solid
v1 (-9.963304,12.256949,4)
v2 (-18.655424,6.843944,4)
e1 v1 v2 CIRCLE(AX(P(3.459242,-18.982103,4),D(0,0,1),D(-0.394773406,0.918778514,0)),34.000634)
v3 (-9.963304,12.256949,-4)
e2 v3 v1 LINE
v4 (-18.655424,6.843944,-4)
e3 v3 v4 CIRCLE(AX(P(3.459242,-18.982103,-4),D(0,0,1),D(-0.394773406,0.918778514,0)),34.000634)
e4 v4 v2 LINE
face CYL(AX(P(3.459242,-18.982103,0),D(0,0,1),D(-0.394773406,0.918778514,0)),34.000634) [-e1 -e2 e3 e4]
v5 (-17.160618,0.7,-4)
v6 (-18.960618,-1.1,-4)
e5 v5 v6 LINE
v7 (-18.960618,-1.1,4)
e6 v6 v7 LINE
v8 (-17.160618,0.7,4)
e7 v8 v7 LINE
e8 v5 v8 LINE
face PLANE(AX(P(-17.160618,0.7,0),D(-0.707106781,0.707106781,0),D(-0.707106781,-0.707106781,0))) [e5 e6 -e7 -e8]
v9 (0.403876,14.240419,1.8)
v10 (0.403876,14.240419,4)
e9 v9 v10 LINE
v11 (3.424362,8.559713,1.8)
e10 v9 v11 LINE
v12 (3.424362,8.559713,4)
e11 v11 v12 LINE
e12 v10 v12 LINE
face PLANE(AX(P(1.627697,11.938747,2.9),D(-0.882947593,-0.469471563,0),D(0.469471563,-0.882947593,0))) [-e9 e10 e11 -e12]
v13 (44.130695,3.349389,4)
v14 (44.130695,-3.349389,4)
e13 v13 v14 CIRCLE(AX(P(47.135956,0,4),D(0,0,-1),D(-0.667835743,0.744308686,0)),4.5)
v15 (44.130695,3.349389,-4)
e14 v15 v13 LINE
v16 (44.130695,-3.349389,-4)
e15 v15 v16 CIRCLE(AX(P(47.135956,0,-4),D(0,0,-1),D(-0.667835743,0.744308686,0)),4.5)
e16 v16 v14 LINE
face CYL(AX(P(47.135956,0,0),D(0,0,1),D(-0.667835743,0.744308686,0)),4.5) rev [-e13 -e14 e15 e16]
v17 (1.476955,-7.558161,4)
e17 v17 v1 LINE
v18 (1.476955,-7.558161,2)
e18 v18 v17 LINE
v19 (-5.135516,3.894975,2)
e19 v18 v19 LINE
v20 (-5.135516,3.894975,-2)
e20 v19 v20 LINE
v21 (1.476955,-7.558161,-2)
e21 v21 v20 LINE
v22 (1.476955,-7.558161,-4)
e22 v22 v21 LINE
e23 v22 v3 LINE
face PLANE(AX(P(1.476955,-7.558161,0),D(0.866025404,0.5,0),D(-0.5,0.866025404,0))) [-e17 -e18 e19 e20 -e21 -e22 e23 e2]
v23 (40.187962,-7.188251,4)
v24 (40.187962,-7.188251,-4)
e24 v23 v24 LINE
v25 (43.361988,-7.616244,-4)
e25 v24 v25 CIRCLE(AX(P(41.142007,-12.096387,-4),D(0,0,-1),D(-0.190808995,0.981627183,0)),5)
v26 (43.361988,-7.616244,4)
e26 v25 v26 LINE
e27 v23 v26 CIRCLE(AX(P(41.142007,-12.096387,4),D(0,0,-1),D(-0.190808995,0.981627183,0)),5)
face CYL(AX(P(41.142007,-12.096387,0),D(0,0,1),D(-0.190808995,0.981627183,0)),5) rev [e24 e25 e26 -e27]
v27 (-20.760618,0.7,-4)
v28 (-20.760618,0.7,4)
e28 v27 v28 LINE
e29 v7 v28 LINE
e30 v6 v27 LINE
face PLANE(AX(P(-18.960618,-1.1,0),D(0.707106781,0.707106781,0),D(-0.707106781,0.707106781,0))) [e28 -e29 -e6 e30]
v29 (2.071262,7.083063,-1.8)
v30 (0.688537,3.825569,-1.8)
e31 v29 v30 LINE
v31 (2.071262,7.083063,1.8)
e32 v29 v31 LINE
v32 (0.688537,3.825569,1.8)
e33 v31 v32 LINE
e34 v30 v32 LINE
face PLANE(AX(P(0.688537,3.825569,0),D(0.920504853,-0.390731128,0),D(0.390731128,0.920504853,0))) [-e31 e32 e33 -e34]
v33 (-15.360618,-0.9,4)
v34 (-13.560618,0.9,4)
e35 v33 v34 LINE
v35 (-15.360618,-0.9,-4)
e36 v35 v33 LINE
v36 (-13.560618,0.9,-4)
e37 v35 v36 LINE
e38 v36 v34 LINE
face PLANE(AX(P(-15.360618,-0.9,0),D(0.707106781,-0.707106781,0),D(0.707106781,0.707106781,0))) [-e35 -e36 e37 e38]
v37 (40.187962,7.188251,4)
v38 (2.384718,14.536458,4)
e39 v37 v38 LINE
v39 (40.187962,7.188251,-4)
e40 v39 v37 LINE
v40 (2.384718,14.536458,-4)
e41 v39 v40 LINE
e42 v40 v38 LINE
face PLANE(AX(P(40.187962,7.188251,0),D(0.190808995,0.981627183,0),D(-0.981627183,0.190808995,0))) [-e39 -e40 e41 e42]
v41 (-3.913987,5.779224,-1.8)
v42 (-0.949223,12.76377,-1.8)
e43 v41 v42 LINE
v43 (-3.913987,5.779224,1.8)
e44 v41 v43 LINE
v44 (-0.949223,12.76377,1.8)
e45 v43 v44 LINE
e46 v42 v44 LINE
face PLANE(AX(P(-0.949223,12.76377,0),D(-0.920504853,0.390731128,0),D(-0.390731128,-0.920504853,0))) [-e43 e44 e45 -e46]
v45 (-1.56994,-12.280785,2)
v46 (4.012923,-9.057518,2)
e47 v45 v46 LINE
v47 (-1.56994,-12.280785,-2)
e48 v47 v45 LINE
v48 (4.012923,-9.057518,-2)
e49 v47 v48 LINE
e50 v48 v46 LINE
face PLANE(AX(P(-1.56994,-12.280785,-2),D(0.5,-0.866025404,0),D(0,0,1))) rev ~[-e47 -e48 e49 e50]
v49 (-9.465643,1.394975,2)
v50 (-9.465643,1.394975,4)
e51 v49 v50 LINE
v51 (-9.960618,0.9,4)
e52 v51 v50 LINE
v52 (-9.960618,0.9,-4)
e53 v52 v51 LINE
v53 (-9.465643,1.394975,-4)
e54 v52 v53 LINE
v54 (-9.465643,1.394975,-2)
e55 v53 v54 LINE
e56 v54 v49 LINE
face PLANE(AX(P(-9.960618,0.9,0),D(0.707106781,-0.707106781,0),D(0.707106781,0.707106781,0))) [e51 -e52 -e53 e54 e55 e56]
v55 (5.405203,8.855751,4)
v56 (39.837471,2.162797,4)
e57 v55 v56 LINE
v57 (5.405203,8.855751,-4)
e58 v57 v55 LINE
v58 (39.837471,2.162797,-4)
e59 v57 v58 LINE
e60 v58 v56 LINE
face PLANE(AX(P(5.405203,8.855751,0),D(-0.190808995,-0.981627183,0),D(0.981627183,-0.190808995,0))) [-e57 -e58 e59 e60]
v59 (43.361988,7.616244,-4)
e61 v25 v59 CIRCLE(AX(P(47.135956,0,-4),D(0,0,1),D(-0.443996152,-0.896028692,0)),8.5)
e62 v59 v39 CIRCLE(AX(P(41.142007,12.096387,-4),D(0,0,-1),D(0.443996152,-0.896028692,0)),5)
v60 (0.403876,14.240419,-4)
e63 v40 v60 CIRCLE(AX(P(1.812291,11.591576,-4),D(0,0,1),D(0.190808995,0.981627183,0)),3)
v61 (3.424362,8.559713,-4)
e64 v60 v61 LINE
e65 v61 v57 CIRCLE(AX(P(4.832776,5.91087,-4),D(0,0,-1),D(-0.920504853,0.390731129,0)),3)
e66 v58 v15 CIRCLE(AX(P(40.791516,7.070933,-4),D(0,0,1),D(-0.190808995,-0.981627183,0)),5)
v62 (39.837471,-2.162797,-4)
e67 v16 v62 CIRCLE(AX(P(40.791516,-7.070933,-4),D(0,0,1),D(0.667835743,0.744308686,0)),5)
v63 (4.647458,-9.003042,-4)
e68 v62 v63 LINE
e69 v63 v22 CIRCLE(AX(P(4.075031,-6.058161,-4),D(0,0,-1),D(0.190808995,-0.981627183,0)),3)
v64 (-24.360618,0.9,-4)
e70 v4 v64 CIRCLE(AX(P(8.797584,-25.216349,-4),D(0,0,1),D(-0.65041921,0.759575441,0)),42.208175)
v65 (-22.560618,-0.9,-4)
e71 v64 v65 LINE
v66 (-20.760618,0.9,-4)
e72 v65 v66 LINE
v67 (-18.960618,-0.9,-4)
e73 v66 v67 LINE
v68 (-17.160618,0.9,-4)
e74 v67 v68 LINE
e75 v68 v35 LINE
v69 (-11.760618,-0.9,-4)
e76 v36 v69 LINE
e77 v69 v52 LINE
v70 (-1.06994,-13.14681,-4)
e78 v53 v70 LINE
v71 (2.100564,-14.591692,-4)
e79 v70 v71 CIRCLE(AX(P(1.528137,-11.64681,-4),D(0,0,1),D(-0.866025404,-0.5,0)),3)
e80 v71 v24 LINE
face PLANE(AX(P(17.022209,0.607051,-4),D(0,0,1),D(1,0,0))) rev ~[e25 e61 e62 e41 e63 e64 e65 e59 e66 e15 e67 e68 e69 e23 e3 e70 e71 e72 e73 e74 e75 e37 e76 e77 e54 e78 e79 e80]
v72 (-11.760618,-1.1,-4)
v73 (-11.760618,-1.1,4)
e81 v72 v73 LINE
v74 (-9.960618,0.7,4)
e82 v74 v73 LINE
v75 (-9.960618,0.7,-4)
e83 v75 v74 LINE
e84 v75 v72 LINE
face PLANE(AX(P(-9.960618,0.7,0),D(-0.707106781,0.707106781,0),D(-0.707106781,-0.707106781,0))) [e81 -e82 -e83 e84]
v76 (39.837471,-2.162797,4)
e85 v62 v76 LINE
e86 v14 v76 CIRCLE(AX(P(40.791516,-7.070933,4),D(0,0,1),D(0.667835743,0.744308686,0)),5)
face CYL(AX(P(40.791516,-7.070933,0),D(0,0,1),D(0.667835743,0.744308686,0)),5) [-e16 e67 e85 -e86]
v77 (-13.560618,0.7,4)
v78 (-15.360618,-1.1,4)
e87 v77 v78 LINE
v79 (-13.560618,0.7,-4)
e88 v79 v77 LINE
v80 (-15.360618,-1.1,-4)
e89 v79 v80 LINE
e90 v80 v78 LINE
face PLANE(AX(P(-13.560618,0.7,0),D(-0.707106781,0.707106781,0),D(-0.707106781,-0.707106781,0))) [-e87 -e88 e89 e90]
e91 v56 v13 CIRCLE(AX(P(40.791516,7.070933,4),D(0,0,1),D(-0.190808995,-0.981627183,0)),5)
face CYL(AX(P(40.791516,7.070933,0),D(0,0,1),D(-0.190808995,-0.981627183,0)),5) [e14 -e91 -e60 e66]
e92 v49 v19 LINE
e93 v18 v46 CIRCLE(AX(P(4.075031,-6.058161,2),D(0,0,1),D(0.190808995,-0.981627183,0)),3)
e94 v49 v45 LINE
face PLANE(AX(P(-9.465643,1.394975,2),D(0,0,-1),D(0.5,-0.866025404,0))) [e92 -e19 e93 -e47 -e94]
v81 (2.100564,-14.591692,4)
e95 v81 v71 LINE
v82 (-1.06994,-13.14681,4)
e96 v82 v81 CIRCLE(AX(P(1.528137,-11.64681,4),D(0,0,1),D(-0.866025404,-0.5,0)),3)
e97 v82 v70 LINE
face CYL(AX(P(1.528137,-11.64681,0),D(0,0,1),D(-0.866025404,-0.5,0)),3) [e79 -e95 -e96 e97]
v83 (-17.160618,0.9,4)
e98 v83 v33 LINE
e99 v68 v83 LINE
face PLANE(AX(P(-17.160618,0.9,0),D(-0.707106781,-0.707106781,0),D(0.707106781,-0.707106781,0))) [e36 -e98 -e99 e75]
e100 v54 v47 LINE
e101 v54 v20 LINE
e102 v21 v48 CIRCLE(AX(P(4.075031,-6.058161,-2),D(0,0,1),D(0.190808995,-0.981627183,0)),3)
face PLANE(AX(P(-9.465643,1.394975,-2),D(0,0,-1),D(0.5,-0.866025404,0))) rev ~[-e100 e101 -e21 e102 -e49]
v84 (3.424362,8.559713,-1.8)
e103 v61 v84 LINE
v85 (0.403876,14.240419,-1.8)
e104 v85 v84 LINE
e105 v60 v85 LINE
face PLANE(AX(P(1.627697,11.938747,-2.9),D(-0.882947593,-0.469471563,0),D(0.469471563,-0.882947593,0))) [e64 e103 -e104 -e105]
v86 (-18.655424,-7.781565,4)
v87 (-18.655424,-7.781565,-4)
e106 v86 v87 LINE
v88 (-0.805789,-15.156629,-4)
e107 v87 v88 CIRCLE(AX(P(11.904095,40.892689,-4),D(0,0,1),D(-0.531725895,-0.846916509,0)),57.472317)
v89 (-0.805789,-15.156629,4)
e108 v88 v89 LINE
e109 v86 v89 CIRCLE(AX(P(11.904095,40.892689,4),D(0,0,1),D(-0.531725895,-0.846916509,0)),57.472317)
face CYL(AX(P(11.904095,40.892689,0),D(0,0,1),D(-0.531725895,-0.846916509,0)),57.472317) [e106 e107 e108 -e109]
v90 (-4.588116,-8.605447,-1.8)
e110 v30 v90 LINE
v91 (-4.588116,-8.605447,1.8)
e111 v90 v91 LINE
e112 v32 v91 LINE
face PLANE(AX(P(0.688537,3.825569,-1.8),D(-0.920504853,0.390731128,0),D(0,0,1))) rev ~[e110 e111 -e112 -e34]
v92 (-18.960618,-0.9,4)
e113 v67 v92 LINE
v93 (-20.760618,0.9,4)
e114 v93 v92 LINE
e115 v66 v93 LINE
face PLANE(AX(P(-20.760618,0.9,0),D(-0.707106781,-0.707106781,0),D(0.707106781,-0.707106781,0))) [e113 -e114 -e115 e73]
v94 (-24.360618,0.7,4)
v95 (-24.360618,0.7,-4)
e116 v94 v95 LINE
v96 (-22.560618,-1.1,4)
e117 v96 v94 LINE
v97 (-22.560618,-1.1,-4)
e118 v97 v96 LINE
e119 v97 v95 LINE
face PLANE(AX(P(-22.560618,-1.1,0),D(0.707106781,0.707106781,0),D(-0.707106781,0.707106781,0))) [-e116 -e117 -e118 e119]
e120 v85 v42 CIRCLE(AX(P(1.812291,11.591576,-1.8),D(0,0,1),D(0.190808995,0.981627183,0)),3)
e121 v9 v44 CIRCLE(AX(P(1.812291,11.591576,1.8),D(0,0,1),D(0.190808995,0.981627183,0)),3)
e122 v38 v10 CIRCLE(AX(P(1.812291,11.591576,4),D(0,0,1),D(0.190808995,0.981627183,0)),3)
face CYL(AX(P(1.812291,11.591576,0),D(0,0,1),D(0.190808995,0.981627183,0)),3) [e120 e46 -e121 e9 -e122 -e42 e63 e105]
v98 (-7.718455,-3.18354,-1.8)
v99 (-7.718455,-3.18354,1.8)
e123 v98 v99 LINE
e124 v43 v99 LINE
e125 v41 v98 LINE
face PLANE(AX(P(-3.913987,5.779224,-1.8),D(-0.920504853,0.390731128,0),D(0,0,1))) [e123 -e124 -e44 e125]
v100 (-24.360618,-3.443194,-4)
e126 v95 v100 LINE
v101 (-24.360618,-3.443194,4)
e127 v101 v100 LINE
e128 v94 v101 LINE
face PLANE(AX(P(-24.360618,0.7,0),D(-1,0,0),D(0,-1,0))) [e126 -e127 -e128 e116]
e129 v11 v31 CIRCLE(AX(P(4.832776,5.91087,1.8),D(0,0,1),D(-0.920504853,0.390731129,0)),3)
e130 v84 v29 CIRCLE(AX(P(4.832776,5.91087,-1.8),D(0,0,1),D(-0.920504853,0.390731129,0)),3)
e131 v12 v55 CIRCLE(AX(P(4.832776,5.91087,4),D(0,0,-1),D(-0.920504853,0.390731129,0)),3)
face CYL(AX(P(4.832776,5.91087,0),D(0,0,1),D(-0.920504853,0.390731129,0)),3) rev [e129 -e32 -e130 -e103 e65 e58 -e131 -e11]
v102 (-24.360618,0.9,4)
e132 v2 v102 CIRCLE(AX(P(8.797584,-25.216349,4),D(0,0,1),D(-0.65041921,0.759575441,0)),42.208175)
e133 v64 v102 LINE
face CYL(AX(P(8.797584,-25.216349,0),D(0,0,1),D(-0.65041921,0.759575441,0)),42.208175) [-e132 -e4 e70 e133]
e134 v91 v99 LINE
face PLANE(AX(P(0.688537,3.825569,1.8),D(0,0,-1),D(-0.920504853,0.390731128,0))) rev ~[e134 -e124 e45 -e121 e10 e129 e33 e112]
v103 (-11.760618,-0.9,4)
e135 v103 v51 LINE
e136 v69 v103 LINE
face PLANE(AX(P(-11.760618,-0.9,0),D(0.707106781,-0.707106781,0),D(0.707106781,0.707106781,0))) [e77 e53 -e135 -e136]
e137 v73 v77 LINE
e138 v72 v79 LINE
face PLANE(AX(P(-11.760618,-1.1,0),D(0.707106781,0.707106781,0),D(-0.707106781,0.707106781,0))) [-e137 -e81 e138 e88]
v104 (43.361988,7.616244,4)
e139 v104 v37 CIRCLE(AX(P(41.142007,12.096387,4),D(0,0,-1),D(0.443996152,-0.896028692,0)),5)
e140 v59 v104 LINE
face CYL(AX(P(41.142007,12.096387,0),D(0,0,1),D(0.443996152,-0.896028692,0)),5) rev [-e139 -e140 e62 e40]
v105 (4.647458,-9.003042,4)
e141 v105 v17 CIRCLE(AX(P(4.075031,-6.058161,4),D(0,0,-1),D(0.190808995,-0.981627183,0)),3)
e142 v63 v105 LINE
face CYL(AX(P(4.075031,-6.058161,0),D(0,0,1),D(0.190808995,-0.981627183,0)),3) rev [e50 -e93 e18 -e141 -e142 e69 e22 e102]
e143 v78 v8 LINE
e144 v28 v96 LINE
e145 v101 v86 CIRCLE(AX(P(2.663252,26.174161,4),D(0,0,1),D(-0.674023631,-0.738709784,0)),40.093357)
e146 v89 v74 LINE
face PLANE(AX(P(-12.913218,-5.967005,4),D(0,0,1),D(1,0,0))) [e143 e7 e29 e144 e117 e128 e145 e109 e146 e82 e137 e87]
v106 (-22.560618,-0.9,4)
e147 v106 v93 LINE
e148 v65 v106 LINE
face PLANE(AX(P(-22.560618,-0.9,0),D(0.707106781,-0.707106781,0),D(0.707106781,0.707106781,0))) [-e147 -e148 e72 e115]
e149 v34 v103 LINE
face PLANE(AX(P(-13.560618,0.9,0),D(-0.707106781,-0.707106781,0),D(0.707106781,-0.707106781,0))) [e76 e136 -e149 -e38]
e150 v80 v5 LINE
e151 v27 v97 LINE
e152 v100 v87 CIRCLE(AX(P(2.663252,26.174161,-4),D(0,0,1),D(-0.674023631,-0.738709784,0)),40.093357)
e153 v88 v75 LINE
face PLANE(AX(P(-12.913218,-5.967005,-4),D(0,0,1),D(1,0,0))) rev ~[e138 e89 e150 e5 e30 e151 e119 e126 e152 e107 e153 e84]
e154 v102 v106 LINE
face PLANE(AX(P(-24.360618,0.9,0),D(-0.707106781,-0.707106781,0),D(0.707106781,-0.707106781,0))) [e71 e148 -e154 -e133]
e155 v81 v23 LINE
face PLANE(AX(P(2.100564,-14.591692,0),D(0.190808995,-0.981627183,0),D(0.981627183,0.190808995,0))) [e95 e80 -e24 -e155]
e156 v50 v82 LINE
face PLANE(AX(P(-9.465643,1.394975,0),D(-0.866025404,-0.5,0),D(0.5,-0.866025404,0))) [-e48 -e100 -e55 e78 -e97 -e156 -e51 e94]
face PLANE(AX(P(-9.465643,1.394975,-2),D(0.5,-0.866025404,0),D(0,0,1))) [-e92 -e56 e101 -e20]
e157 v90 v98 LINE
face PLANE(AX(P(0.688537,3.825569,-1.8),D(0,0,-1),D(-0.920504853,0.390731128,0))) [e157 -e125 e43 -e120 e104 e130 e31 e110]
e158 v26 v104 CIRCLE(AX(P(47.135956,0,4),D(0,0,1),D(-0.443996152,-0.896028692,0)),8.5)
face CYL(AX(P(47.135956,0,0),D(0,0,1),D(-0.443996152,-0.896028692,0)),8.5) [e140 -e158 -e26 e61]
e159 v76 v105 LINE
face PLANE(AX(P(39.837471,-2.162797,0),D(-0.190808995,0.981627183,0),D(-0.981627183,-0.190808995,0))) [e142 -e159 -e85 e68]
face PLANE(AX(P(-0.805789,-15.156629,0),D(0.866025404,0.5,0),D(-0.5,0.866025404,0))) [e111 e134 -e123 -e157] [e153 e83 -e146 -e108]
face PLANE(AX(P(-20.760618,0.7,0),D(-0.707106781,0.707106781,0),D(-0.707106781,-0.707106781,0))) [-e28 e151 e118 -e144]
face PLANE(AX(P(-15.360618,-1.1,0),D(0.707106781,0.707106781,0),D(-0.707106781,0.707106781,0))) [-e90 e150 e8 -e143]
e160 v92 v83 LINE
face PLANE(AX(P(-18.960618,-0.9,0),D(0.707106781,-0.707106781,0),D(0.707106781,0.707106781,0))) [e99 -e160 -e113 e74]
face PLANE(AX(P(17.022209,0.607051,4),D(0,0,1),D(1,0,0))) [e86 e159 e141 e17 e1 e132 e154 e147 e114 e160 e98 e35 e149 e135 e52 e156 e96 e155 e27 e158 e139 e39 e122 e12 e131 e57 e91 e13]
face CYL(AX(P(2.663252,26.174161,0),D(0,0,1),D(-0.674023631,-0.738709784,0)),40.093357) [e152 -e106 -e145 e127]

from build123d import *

# Parameters (mm, degrees)
F1_DEPTH = 4
F2_W     = 15.7914069632
F2_H     = 4
F3_DEPTH = 7
F6_W     = 13.4452040827
F6_H     = 2.2
F7_DEPTH = 8
F8_DEPTH = 14.5045625426


with BuildPart() as f1:
    # F0 (on Top) → F1 (new body, symmetric)
    with BuildSketch(Plane.XY):
        with BuildLine():
            ThreePointArc((40.1879624894, -7.1882514277), (41.8101711711, -7.1412327294), (43.3619882248, -7.6162438838))
            ThreePointArc((43.3619882248, -7.6162438838), (55.6359555142, 0), (43.3619882248, 7.6162438838))
            ThreePointArc((43.3619882248, 7.6162438838), (41.8101711711, 7.1412327294), (40.1879624894, 7.1882514277))
            Line((40.1879624894, 7.1882514277), (2.3847180591, 14.5364577665))
            ThreePointArc((2.3847180591, 14.5364577665), (0.4038763846, 14.2404189947), (-0.9492234874, 12.7637696016))
            Line((-0.9492234874, 12.7637696016), (-3.9139870299, 5.7792243959))
            Line((-3.9139870299, 5.7792243959), (0.6885372374, 3.8255687534))
            Line((0.6885372374, 3.8255687534), (2.0712616343, 7.0830632951))
            ThreePointArc((2.0712616343, 7.0830632951), (3.4243615063, 8.5597126882), (5.4052031808, 8.85575146))
            Line((5.4052031808, 8.85575146), (39.8374709782, 2.1627966012))
            ThreePointArc((39.8374709782, 2.1627966012), (42.1235130158, 2.251618892), (44.1306946704, 3.3493890877))
            ThreePointArc((44.1306946704, 3.3493890877), (51.6359555142, 0), (44.1306946704, -3.3493890877))
            ThreePointArc((44.1306946704, -3.3493890877), (42.1235130158, -2.251618892), (39.8374709782, -2.1627966012))
            Line((39.8374709782, -2.1627966012), (4.6474579448, -9.0030422132))
            ThreePointArc((4.6474579448, -9.0030422132), (2.8309512307, -8.7880444755), (1.4769547473, -7.5581606629))
            Line((1.4769547473, -7.5581606629), (-9.963304434, 12.256949491))
            ThreePointArc((-9.963304434, 12.256949491), (-14.5143086091, 9.879543395), (-18.655423863, 6.8439440802))
            ThreePointArc((-18.655423863, 6.8439440802), (-21.653397971, 4.0115098086), (-24.3606178303, 0.9))
            Line((-24.3606178303, 0.9), (-22.5606178303, -0.9))
            Line((-22.5606178303, -0.9), (-20.7606178303, 0.9))
            Line((-20.7606178303, 0.9), (-18.9606178303, -0.9))
            Line((-18.9606178303, -0.9), (-17.1606178303, 0.9))
            Line((-17.1606178303, 0.9), (-15.3606178303, -0.9))
            Line((-15.3606178303, -0.9), (-13.5606178303, 0.9))
            Line((-13.5606178303, 0.9), (-11.7606178303, -0.9))
            Line((-11.7606178303, -0.9), (-9.9606178303, 0.9))
            Line((-9.9606178303, 0.9), (-9.4656430834, 1.3949747468))
            Line((-9.4656430834, 1.3949747468), (-1.0699396018, -13.1468102486))
            ThreePointArc((-1.0699396018, -13.1468102486), (0.2840568815, -14.3766940612), (2.1005635956, -14.5916917989))
            Line((2.1005635956, -14.5916917989), (40.1879624894, -7.1882514277))
        make_face()
    extrude(amount=F1_DEPTH, both=True)

    # F2 (on face) → F3 (cut)
    with BuildSketch(Plane(origin=(-6.4951905284, -3.75, 0), x_dir=(0.5, -0.8660254038, 0), z_dir=(-0.8660254038, -0.5, 0))):
        with Locations((1.9547983715, 0)):
            Rectangle(F2_W, F2_H)
    extrude(amount=-F3_DEPTH, mode=Mode.SUBTRACT)

    # F6 (on face) → F7 (cut)
    with BuildSketch(Plane(origin=(6.2177817942, 3.306053224, 0), x_dir=(0.4694715628, -0.8829475929, 0), z_dir=(-0.8829475929, -0.4694715628, 0))):
        with Locations((-9.7771301106, -2.9)):
            Rectangle(F6_W, F6_H)
        with Locations((-9.7771301106, 2.9)):
            Rectangle(F6_W, F6_H)
    extrude(amount=F7_DEPTH, mode=Mode.SUBTRACT)

    # F8 (add, up to face): a face of the model
    f8_faces = [f1.faces().sort_by_distance(p)[0] for p in [
        (-1.6127248962, 4.8023965747, 0),
    ]]


with BuildPart() as f1b:
    # F0 (on Top) → F1, piece 2 (new body, symmetric)
    with BuildSketch(Plane.XY):
        with BuildLine():
            ThreePointArc((-18.655423863, -7.7815652767), (-10.0426174907, -12.2242484166), (-0.8057885607, -15.1566294295))
            Line((-0.8057885607, -15.1566294295), (-9.9606178303, 0.7))
            Line((-9.9606178303, 0.7), (-11.7606178303, -1.1))
            Line((-11.7606178303, -1.1), (-13.5606178303, 0.7))
            Line((-13.5606178303, 0.7), (-15.3606178303, -1.1))
            Line((-15.3606178303, -1.1), (-17.1606178303, 0.7))
            Line((-17.1606178303, 0.7), (-18.9606178303, -1.1))
            Line((-18.9606178303, -1.1), (-20.7606178303, 0.7))
            Line((-20.7606178303, 0.7), (-22.5606178303, -1.1))
            Line((-22.5606178303, -1.1), (-24.3606178303, 0.7))
            Line((-24.3606178303, 0.7), (-24.3606178303, -3.443194404))
            ThreePointArc((-24.3606178303, -3.443194404), (-21.6051594937, -5.7401224515), (-18.655423863, -7.7815652767))
        make_face()
    extrude(amount=F1_DEPTH, both=True)


with BuildPart() as f1_1:
    add(f1.part)

    add(f1b.part)  # F8 merges F1b
    extrude(f8_faces, amount=F8_DEPTH)


solid = f1_1.part
